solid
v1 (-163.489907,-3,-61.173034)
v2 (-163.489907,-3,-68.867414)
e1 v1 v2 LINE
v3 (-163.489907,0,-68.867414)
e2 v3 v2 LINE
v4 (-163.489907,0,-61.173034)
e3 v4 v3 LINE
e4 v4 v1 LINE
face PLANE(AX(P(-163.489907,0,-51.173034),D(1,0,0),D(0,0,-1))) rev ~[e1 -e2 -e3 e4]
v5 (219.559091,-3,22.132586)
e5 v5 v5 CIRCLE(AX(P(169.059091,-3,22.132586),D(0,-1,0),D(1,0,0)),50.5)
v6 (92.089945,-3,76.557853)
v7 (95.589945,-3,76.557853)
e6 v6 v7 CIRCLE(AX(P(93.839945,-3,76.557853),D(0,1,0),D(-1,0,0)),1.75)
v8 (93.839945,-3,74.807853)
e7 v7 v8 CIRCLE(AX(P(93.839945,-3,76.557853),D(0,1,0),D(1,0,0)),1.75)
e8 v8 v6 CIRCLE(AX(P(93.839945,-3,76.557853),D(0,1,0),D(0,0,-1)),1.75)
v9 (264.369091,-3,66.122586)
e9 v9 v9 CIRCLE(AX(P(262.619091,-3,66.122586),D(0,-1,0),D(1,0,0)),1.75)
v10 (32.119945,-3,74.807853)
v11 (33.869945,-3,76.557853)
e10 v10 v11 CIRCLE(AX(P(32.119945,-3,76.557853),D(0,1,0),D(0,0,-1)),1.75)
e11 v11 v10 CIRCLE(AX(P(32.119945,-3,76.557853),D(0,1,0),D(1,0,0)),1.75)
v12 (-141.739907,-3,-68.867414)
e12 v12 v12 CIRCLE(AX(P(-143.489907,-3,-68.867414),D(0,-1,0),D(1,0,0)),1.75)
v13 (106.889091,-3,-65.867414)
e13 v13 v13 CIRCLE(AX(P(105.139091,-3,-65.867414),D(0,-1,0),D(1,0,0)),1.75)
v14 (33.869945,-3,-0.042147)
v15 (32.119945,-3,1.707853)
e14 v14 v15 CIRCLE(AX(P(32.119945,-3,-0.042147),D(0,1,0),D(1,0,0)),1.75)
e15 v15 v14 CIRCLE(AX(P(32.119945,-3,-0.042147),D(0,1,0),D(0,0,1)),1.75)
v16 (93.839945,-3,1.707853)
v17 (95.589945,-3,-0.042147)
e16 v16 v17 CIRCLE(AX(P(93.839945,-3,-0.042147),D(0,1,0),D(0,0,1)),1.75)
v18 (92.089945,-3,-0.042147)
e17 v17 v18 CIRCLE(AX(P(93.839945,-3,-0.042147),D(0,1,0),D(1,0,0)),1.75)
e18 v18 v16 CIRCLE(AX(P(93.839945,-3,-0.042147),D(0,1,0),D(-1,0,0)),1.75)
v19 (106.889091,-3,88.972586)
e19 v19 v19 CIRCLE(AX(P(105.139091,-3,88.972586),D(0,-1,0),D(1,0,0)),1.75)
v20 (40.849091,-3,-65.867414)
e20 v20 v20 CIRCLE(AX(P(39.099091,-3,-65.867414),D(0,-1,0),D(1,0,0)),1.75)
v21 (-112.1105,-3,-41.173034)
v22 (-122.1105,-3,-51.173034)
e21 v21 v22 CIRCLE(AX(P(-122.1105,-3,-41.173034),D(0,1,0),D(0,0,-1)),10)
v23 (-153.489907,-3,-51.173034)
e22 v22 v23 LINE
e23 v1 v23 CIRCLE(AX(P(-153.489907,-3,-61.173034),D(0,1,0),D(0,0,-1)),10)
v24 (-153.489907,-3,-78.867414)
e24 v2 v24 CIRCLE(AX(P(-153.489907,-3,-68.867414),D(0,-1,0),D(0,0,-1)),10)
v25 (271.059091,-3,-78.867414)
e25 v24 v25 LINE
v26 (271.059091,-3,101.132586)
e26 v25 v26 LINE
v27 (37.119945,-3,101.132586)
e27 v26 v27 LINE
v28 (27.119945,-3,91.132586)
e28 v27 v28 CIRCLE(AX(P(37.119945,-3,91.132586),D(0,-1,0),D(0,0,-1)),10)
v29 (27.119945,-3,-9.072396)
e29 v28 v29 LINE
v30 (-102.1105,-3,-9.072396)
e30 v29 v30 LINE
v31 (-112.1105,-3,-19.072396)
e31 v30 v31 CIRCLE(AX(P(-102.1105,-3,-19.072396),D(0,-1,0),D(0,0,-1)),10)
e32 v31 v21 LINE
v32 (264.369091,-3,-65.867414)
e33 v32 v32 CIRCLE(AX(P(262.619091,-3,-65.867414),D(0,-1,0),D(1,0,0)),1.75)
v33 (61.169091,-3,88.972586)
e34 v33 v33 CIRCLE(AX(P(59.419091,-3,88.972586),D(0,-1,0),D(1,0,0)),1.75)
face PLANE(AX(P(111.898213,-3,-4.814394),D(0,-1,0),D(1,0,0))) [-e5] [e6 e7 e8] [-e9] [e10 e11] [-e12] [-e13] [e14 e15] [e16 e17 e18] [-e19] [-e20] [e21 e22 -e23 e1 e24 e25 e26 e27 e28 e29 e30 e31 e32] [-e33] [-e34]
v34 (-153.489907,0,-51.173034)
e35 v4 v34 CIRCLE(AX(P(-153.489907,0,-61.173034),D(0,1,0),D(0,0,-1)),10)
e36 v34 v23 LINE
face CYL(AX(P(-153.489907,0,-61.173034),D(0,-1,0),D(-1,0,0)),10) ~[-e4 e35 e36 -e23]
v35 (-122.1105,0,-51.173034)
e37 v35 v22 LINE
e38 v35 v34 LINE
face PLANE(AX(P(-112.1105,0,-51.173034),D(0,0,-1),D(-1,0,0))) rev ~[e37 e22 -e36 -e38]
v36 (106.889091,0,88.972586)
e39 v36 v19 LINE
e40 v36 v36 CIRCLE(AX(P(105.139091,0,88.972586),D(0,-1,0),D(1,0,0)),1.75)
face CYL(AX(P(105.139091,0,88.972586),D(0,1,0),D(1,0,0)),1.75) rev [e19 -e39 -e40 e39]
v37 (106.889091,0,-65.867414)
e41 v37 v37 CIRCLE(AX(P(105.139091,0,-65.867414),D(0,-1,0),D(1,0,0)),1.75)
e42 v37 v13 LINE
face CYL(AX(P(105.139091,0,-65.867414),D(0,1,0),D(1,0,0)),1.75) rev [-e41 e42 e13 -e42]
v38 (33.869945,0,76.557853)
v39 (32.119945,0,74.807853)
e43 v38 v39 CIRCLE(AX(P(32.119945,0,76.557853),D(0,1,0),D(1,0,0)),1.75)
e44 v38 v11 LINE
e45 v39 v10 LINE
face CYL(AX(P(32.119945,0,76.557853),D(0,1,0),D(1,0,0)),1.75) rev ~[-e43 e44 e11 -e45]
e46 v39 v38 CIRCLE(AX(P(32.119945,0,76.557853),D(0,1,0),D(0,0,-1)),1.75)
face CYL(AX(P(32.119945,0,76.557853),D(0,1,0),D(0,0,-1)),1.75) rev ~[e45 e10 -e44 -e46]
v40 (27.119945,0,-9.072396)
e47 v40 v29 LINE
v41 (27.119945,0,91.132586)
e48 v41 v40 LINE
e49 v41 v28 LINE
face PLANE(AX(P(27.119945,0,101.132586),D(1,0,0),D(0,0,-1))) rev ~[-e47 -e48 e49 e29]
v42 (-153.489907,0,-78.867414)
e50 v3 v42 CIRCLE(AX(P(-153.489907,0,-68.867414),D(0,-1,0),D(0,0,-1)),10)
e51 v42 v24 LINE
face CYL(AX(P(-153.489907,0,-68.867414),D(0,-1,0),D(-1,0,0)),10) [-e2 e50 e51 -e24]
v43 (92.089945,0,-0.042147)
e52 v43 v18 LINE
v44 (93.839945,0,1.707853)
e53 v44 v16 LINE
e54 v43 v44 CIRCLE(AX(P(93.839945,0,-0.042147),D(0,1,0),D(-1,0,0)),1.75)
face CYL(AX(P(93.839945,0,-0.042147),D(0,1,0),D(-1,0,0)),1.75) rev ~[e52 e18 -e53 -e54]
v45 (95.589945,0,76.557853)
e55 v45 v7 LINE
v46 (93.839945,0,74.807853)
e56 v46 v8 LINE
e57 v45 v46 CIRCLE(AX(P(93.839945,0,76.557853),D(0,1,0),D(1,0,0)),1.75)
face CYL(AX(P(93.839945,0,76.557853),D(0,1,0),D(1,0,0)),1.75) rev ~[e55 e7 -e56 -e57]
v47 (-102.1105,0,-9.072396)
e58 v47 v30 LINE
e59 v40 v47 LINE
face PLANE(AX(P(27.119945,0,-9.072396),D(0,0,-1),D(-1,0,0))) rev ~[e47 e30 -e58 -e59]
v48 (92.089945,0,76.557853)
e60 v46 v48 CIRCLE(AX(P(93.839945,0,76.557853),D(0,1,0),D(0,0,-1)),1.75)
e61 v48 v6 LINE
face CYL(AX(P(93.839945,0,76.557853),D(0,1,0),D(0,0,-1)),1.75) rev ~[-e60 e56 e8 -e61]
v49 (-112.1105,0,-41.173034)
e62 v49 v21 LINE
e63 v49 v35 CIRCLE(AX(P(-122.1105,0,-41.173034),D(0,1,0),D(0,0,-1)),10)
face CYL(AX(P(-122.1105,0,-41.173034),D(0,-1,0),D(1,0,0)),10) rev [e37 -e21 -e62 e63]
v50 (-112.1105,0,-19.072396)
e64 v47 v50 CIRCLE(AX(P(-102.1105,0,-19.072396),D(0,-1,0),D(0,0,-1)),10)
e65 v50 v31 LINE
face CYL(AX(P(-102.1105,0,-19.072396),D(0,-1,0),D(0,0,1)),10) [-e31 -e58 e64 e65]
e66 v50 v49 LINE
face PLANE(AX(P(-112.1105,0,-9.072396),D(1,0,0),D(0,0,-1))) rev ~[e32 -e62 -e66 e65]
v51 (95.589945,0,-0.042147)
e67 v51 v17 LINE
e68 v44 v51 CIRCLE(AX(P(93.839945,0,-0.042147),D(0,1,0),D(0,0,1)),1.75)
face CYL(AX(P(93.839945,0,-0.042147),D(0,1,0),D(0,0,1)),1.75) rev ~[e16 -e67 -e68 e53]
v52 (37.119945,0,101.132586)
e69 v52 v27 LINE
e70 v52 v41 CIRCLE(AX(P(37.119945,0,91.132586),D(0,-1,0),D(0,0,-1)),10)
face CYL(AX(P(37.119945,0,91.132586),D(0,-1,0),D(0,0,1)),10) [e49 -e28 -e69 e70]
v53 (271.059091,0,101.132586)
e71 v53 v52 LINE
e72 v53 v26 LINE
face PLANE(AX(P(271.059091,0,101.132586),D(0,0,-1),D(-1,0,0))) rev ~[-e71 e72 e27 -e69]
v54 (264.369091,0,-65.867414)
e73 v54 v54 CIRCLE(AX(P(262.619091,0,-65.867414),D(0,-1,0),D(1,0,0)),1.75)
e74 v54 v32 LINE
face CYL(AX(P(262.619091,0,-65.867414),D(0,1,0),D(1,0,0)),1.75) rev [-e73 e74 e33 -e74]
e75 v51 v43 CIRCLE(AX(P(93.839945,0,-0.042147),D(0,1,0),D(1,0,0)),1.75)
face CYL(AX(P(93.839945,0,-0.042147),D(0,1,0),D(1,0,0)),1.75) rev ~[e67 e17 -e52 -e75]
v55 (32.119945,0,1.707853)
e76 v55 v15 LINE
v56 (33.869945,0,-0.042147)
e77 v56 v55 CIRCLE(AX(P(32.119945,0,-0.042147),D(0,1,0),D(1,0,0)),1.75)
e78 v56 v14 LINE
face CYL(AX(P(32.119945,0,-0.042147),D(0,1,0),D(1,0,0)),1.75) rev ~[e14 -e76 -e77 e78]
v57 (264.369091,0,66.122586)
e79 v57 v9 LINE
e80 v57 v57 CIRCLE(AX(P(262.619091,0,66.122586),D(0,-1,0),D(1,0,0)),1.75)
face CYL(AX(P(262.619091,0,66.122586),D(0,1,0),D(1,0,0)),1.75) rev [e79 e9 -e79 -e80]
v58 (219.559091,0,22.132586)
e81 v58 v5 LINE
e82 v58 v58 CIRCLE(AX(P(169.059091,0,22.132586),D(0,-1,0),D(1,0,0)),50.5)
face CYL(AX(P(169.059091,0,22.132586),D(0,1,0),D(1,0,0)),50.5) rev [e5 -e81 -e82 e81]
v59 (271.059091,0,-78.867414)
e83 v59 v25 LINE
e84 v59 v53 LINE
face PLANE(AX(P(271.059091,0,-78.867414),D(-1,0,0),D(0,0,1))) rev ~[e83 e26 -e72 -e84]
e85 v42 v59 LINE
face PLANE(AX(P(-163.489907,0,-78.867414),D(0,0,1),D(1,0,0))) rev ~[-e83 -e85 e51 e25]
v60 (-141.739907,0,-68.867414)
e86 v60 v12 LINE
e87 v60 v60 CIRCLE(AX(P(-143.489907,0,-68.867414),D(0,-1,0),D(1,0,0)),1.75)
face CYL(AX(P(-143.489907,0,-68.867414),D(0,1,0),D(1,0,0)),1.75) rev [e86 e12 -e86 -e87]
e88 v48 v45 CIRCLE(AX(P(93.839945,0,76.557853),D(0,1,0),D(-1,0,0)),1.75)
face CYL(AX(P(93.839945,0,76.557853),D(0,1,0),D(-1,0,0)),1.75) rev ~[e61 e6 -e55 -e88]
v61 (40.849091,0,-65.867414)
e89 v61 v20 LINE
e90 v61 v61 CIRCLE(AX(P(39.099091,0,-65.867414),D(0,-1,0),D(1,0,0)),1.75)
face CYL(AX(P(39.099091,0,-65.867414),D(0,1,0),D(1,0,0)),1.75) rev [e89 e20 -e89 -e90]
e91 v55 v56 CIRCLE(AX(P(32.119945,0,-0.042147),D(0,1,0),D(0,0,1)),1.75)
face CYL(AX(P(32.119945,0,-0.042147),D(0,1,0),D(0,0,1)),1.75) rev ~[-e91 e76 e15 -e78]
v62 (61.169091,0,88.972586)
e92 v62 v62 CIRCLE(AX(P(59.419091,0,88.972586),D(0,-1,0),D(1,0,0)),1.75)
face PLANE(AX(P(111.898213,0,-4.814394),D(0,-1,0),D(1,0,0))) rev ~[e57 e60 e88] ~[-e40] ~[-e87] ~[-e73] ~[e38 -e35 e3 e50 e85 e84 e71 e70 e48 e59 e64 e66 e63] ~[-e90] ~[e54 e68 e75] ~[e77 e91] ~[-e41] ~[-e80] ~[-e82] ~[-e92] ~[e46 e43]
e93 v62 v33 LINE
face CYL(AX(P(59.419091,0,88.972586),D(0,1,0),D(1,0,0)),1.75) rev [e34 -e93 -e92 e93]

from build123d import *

# Parameters (mm, degrees)
F0_R     = 1.75
F0_R_2   = 50.5
F1_DEPTH = 3
F2_R     = 10


with BuildPart() as f1:
    # F0 (on Front) → F1 (new body)
    with BuildSketch(Plane.XZ):
        Polygon((-163.4899072428, -51.1730337228), (-163.4899072428, -78.8674137379), (271.059090722, -78.8674137379), (271.059090722, 101.1325862621), (27.1199446917, 101.1325862621), (27.1199446917, 99.1325862621), (269.059090722, 99.1325862621), (269.059090722, -73.8674137379), (25.219090722, -73.8674137379), (25.219090722, -9.0723959729), (-112.1105003357, -9.0723959729), (-112.1105003357, -51.1730337228), (-127.4899072428, -51.1730337228), (-157.4899072428, -51.1730337228), align=None)
        with Locations((-143.4899072428, -68.8674137379)):
            Circle(F0_R, mode=Mode.SUBTRACT)
        Polygon((269.059090722, 99.1325862621), (27.1199446917, 99.1325862621), (27.1199446917, -9.0723959729), (25.219090722, -9.0723959729), (25.219090722, -73.8674137379), (269.059090722, -73.8674137379), align=None)
        with Locations((39.099090722, -65.8674137379)):
            Circle(F0_R, mode=Mode.SUBTRACT)
        with Locations((105.139090722, -65.8674137379)):
            Circle(F0_R, mode=Mode.SUBTRACT)
        with Locations((262.619090722, -65.8674137379)):
            Circle(F0_R, mode=Mode.SUBTRACT)
        with BuildLine():
            ThreePointArc((32.1199446917, 74.8078526185), (30.8825078246, 77.7952894856), (33.8699446917, 76.5578526185))
            Line((33.8699446917, 76.5578526185), (92.0899446917, 76.5578526185))
            ThreePointArc((92.0899446917, 76.5578526185), (93.8399446917, 78.3078526185), (95.5899446917, 76.5578526185))
            ThreePointArc((95.5899446917, 76.5578526185), (95.0773815587, 75.3204157515), (93.8399446917, 74.8078526185))
            Line((93.8399446917, 74.8078526185), (93.8399446917, 1.7078526185))
            ThreePointArc((93.8399446917, 1.7078526185), (95.0773815587, 1.1952894856), (95.5899446917, -0.0421473815))
            ThreePointArc((95.5899446917, -0.0421473815), (93.8399446917, -1.7921473815), (92.0899446917, -0.0421473815))
            Line((92.0899446917, -0.0421473815), (33.8699446917, -0.0421473815))
            ThreePointArc((33.8699446917, -0.0421473815), (30.8825078246, -1.2795842485), (32.1199446917, 1.7078526185))
            Line((32.1199446917, 1.7078526185), (32.1199446917, 74.8078526185))
        make_face(mode=Mode.SUBTRACT)
        with Locations((169.059090722, 22.1325862621)):
            Circle(F0_R_2, mode=Mode.SUBTRACT)
        with Locations((59.419090722, 88.9725862621)):
            Circle(F0_R, mode=Mode.SUBTRACT)
        with Locations((105.139090722, 88.9725862621)):
            Circle(F0_R, mode=Mode.SUBTRACT)
        with Locations((262.619090722, 66.1225862621)):
            Circle(F0_R, mode=Mode.SUBTRACT)
        with BuildLine():
            Line((92.0899446917, 76.5578526185), (33.8699446917, 76.5578526185))
            ThreePointArc((33.8699446917, 76.5578526185), (33.3573815587, 75.3204157515), (32.1199446917, 74.8078526185))
            Line((32.1199446917, 74.8078526185), (32.1199446917, 1.7078526185))
            ThreePointArc((32.1199446917, 1.7078526185), (33.3573815587, 1.1952894856), (33.8699446917, -0.0421473815))
            Line((33.8699446917, -0.0421473815), (92.0899446917, -0.0421473815))
            ThreePointArc((92.0899446917, -0.0421473815), (92.6025078246, 1.1952894856), (93.8399446917, 1.7078526185))
            Line((93.8399446917, 1.7078526185), (93.8399446917, 74.8078526185))
            ThreePointArc((93.8399446917, 74.8078526185), (92.6025078246, 75.3204157515), (92.0899446917, 76.5578526185))
        make_face()
    extrude(amount=F1_DEPTH)

    # F2
    f2_edges = [f1.edges().sort_by_distance(p)[0] for p in [
        (-163.489907, -1.5, -51.173034),
        (-112.1105, -1.5, -9.072396),
        (-112.1105, -1.5, -51.173034),
        (-163.489907, -1.5, -78.867414),
        (27.119945, -1.5, 101.132586),
    ]]
    fillet(f2_edges, radius=F2_R)


solid = f1.part
